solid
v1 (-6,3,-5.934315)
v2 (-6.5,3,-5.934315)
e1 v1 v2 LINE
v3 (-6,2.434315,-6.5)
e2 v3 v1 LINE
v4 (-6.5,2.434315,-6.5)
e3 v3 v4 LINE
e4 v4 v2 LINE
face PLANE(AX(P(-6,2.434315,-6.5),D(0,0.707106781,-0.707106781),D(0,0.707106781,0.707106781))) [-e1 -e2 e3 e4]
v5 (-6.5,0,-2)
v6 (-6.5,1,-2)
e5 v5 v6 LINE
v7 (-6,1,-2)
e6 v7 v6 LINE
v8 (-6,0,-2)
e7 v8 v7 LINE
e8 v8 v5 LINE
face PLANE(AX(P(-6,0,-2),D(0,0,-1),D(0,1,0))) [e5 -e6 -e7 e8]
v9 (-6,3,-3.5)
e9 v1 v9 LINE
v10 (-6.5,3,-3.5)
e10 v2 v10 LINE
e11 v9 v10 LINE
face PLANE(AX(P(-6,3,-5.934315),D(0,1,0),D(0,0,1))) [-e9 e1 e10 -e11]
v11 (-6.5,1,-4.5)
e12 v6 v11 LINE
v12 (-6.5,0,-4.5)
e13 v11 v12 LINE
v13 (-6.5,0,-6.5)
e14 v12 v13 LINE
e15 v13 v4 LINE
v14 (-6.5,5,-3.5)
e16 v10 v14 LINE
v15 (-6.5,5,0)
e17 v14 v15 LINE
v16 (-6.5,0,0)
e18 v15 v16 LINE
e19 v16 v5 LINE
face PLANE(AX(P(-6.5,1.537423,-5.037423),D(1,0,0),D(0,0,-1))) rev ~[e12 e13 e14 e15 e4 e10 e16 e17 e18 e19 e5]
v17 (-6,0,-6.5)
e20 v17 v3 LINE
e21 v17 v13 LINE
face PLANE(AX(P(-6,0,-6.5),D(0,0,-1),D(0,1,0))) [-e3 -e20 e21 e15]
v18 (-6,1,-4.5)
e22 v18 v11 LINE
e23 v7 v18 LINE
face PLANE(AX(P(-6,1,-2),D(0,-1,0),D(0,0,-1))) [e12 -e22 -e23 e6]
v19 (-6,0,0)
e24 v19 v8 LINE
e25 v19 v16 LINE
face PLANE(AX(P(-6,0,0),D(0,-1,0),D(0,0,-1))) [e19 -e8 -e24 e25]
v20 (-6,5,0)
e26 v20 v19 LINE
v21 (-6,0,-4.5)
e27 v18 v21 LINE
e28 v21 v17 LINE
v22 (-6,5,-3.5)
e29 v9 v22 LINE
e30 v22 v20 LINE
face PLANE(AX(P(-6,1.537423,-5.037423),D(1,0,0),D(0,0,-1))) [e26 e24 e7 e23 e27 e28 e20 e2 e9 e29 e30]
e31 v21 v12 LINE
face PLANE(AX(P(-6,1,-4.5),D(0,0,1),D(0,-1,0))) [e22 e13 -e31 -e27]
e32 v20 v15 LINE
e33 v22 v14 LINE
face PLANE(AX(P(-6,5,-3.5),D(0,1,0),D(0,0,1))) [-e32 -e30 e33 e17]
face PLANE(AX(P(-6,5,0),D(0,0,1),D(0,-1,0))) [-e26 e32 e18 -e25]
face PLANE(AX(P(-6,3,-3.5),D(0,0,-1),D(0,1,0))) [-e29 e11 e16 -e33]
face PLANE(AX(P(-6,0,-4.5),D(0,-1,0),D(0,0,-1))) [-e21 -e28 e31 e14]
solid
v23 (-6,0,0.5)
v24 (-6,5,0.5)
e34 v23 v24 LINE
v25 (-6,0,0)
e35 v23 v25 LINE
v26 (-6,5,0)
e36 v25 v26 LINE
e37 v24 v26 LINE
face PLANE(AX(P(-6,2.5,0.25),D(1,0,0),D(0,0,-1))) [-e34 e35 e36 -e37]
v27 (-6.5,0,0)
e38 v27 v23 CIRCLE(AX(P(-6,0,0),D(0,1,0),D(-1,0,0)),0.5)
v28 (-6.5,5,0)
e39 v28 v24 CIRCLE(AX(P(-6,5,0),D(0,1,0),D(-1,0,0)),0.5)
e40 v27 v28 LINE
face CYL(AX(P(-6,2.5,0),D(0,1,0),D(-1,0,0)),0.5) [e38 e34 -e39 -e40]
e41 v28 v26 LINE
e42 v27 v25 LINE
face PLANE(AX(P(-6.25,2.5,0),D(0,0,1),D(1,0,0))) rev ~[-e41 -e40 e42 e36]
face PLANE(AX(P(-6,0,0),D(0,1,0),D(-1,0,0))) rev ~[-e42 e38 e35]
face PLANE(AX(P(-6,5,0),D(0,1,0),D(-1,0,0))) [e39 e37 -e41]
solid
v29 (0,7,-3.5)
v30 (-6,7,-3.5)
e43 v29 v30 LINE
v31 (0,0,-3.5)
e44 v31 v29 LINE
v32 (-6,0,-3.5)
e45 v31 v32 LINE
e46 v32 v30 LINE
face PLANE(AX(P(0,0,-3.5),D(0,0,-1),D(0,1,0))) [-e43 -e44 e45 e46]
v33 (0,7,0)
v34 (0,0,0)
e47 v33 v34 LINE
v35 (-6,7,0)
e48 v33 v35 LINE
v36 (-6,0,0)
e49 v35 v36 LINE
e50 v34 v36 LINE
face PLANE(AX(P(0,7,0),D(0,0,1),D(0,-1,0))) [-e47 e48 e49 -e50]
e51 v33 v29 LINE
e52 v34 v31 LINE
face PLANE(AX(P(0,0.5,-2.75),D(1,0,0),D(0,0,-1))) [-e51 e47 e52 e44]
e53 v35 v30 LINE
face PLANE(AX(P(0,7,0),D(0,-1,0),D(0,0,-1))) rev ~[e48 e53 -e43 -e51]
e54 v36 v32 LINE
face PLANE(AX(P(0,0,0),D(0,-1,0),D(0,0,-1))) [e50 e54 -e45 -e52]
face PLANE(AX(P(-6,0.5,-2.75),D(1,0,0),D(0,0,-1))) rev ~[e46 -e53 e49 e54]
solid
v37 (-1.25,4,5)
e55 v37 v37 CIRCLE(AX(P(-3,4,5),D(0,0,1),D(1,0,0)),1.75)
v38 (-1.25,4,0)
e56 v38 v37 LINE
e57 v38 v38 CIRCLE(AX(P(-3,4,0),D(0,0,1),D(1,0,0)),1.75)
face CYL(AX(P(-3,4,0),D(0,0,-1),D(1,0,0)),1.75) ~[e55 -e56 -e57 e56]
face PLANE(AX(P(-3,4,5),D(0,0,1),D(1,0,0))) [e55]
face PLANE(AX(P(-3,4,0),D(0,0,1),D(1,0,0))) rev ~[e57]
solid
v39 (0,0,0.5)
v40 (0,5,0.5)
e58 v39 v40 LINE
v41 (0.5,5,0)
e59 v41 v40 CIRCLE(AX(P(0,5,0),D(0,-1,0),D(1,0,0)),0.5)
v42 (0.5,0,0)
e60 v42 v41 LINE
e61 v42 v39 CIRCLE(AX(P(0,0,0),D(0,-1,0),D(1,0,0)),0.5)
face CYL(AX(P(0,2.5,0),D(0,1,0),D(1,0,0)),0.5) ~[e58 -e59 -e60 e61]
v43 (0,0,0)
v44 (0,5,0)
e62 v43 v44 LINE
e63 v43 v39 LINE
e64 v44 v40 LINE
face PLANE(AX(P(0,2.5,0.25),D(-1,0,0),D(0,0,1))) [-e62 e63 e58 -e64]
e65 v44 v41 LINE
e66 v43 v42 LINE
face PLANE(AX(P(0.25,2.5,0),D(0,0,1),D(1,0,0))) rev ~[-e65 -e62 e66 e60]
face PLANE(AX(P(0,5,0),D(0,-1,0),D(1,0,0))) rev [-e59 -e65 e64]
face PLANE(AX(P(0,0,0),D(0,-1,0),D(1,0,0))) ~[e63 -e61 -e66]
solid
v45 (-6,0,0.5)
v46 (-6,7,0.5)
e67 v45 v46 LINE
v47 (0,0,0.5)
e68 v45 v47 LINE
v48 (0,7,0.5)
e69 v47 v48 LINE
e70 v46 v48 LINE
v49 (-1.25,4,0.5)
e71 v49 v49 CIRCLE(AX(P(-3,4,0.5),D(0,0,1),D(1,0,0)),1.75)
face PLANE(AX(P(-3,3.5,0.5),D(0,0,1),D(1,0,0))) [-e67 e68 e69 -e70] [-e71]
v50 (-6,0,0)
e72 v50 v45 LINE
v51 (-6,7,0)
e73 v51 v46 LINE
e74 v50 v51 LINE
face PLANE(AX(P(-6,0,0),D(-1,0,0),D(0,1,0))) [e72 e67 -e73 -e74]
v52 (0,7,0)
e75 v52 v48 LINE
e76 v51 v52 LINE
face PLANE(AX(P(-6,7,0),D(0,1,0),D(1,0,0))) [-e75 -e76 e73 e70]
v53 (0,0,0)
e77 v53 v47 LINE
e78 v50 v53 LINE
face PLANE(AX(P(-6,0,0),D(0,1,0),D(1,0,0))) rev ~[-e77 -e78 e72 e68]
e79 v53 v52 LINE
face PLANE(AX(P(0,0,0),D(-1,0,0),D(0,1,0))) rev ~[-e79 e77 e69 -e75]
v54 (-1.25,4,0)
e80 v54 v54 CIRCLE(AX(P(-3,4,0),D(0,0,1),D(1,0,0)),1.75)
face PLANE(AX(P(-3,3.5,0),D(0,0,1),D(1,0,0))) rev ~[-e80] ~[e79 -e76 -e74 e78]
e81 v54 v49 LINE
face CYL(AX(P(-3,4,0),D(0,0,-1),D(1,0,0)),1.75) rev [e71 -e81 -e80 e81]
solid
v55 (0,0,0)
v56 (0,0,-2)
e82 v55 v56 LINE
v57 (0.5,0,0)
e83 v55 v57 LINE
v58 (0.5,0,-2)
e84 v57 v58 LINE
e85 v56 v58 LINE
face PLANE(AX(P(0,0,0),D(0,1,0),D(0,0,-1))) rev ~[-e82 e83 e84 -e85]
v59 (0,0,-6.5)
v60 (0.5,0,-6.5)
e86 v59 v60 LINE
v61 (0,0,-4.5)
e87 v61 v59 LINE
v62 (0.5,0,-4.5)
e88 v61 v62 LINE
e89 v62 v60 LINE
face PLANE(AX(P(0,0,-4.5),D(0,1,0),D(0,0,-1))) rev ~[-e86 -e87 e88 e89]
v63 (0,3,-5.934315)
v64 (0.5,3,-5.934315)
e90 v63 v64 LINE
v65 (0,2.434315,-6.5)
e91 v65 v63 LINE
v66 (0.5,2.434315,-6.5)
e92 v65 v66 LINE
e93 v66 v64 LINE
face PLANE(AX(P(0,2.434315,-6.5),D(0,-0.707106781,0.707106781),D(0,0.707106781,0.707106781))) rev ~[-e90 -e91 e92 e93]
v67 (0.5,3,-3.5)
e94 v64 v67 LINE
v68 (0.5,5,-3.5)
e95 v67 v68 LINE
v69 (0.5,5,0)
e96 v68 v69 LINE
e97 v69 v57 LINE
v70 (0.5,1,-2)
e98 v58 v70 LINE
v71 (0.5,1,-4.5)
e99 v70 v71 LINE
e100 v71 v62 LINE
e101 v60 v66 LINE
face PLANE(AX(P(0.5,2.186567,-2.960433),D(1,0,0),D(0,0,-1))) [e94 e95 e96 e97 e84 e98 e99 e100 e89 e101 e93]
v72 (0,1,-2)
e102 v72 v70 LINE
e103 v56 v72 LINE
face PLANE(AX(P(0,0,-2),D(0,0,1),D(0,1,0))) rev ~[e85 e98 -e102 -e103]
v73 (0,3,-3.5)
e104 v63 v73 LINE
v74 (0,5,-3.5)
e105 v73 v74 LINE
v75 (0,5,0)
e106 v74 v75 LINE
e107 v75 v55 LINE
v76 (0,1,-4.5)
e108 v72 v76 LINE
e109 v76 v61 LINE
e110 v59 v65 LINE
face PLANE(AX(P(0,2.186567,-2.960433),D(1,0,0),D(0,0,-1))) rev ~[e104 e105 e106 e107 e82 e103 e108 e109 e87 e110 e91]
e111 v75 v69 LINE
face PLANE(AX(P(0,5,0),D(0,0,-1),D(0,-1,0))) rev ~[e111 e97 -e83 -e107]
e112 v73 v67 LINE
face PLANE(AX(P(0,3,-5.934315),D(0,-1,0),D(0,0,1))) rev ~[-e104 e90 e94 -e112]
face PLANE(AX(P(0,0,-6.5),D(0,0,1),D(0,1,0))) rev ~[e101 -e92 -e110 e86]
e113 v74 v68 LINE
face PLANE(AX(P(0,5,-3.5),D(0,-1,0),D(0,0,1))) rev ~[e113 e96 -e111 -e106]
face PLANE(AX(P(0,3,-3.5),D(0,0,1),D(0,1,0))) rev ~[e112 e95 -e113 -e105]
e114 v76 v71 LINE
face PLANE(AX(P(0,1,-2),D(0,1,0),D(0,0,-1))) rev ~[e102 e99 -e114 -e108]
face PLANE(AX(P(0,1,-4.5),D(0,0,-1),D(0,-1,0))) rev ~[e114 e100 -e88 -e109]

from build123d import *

# Parameters (mm, degrees)
EXTRUDE_1_DEPTH = 0.5
SKETCH_1_3_W    = 1.5
SKETCH_1_3_H    = 1
SKETCH_1_3_W_2  = 3.5
SKETCH_1_3_H_2  = 2
EXTRUDE_2_DEPTH = 6
EXTRUDE_START   = -6
EXTRUDE_3_DEPTH = 0.5
SKETCH_2_R      = 1.75
EXTRUDE_4_DEPTH = 5
SKETCH_3_W      = 6
SKETCH_3_H      = 7
SKETCH_3_R      = 1.75
EXTRUDE_5_DEPTH = 0.5
SKETCH_5_W      = 0.5
SKETCH_5_H      = 5
REVOLVE_1_ANGLE = 90
SKETCH_6_W      = 0.5
SKETCH_6_H      = 5
REVOLVE_2_ANGLE = 90


with BuildPart() as part:
    # Sketch 1 → Extrude 1 (new body)
    with BuildSketch(Plane(origin=(0, 0, 0), x_dir=(0, 0, -1), z_dir=(1, 0, 0))):
        Polygon((0, 5), (0, 0), (2, 0), (2, 1), (4.5, 1), (4.5, 0), (6.5, 0), (6.5, 2.434314575), (5.934314575, 3), (3.5, 3), (3.5, 5), align=None)
    extrude(amount=EXTRUDE_1_DEPTH)


with BuildPart() as body_2:
    # Sketch 1_3 → Extrude 2 (new body)
    with BuildSketch(Plane(origin=(0, 0, 0), x_dir=(0, 0, -1), z_dir=(1, 0, 0))):
        with Locations((2.75, 0.5)):
            Rectangle(SKETCH_1_3_W, SKETCH_1_3_H)
        Polygon((0, 5), (0, 0), (2, 0), (2, 1), (3.5, 1), (3.5, 3), (3.5, 5), align=None)
        with Locations((1.75, 6)):
            Rectangle(SKETCH_1_3_W_2, SKETCH_1_3_H_2)
    extrude(amount=-EXTRUDE_2_DEPTH)


with BuildPart() as body_3:
    # Sketch 1_4 → Extrude 3 (new body)
    with BuildSketch(Plane(origin=(0, 0, 0), x_dir=(0, 0, -1), z_dir=(1, 0, 0)).offset(EXTRUDE_START)):
        Polygon((5.934314575, 3), (3.5, 3), (3.5, 1), (4.5, 1), (4.5, 0), (6.5, 0), (6.5, 2.434314575), align=None)
        Polygon((0, 5), (0, 0), (2, 0), (2, 1), (3.5, 1), (3.5, 3), (3.5, 5), align=None)
    extrude(amount=-EXTRUDE_3_DEPTH)


with BuildPart() as body_4:
    # Sketch 2 → Extrude 4 (new body)
    with BuildSketch(Plane.XY):
        with Locations((-3, 4)):
            Circle(SKETCH_2_R)
    extrude(amount=EXTRUDE_4_DEPTH)


with BuildPart() as body_5:
    # Sketch 3 → Extrude 5 (new body)
    with BuildSketch(Plane.XY):
        with Locations((-3, 3.5)):
            Rectangle(SKETCH_3_W, SKETCH_3_H)
        with Locations((-3, 4)):
            Circle(SKETCH_3_R, mode=Mode.SUBTRACT)
    extrude(amount=EXTRUDE_5_DEPTH)


with BuildPart() as body_6:
    # Sketch 5 → Revolve 1 (revolve)
    with BuildSketch(Plane.XY):
        with Locations((-6.25, 2.5)):
            Rectangle(SKETCH_5_W, SKETCH_5_H)
    revolve(axis=Axis((-6, 0, 0), (0, 1, 0)), revolution_arc=REVOLVE_1_ANGLE)


with BuildPart() as body_7:
    # Sketch 6 → Revolve 2 (revolve)
    with BuildSketch(Plane.XY):
        with Locations((0.25, 2.5)):
            Rectangle(SKETCH_6_W, SKETCH_6_H)
    revolve(axis=Axis((0, 5, 0), (0, -1, 0)), revolution_arc=REVOLVE_2_ANGLE)


solid = Compound([part.part, body_2.part, body_3.part, body_4.part, body_5.part, body_6.part, body_7.part])
